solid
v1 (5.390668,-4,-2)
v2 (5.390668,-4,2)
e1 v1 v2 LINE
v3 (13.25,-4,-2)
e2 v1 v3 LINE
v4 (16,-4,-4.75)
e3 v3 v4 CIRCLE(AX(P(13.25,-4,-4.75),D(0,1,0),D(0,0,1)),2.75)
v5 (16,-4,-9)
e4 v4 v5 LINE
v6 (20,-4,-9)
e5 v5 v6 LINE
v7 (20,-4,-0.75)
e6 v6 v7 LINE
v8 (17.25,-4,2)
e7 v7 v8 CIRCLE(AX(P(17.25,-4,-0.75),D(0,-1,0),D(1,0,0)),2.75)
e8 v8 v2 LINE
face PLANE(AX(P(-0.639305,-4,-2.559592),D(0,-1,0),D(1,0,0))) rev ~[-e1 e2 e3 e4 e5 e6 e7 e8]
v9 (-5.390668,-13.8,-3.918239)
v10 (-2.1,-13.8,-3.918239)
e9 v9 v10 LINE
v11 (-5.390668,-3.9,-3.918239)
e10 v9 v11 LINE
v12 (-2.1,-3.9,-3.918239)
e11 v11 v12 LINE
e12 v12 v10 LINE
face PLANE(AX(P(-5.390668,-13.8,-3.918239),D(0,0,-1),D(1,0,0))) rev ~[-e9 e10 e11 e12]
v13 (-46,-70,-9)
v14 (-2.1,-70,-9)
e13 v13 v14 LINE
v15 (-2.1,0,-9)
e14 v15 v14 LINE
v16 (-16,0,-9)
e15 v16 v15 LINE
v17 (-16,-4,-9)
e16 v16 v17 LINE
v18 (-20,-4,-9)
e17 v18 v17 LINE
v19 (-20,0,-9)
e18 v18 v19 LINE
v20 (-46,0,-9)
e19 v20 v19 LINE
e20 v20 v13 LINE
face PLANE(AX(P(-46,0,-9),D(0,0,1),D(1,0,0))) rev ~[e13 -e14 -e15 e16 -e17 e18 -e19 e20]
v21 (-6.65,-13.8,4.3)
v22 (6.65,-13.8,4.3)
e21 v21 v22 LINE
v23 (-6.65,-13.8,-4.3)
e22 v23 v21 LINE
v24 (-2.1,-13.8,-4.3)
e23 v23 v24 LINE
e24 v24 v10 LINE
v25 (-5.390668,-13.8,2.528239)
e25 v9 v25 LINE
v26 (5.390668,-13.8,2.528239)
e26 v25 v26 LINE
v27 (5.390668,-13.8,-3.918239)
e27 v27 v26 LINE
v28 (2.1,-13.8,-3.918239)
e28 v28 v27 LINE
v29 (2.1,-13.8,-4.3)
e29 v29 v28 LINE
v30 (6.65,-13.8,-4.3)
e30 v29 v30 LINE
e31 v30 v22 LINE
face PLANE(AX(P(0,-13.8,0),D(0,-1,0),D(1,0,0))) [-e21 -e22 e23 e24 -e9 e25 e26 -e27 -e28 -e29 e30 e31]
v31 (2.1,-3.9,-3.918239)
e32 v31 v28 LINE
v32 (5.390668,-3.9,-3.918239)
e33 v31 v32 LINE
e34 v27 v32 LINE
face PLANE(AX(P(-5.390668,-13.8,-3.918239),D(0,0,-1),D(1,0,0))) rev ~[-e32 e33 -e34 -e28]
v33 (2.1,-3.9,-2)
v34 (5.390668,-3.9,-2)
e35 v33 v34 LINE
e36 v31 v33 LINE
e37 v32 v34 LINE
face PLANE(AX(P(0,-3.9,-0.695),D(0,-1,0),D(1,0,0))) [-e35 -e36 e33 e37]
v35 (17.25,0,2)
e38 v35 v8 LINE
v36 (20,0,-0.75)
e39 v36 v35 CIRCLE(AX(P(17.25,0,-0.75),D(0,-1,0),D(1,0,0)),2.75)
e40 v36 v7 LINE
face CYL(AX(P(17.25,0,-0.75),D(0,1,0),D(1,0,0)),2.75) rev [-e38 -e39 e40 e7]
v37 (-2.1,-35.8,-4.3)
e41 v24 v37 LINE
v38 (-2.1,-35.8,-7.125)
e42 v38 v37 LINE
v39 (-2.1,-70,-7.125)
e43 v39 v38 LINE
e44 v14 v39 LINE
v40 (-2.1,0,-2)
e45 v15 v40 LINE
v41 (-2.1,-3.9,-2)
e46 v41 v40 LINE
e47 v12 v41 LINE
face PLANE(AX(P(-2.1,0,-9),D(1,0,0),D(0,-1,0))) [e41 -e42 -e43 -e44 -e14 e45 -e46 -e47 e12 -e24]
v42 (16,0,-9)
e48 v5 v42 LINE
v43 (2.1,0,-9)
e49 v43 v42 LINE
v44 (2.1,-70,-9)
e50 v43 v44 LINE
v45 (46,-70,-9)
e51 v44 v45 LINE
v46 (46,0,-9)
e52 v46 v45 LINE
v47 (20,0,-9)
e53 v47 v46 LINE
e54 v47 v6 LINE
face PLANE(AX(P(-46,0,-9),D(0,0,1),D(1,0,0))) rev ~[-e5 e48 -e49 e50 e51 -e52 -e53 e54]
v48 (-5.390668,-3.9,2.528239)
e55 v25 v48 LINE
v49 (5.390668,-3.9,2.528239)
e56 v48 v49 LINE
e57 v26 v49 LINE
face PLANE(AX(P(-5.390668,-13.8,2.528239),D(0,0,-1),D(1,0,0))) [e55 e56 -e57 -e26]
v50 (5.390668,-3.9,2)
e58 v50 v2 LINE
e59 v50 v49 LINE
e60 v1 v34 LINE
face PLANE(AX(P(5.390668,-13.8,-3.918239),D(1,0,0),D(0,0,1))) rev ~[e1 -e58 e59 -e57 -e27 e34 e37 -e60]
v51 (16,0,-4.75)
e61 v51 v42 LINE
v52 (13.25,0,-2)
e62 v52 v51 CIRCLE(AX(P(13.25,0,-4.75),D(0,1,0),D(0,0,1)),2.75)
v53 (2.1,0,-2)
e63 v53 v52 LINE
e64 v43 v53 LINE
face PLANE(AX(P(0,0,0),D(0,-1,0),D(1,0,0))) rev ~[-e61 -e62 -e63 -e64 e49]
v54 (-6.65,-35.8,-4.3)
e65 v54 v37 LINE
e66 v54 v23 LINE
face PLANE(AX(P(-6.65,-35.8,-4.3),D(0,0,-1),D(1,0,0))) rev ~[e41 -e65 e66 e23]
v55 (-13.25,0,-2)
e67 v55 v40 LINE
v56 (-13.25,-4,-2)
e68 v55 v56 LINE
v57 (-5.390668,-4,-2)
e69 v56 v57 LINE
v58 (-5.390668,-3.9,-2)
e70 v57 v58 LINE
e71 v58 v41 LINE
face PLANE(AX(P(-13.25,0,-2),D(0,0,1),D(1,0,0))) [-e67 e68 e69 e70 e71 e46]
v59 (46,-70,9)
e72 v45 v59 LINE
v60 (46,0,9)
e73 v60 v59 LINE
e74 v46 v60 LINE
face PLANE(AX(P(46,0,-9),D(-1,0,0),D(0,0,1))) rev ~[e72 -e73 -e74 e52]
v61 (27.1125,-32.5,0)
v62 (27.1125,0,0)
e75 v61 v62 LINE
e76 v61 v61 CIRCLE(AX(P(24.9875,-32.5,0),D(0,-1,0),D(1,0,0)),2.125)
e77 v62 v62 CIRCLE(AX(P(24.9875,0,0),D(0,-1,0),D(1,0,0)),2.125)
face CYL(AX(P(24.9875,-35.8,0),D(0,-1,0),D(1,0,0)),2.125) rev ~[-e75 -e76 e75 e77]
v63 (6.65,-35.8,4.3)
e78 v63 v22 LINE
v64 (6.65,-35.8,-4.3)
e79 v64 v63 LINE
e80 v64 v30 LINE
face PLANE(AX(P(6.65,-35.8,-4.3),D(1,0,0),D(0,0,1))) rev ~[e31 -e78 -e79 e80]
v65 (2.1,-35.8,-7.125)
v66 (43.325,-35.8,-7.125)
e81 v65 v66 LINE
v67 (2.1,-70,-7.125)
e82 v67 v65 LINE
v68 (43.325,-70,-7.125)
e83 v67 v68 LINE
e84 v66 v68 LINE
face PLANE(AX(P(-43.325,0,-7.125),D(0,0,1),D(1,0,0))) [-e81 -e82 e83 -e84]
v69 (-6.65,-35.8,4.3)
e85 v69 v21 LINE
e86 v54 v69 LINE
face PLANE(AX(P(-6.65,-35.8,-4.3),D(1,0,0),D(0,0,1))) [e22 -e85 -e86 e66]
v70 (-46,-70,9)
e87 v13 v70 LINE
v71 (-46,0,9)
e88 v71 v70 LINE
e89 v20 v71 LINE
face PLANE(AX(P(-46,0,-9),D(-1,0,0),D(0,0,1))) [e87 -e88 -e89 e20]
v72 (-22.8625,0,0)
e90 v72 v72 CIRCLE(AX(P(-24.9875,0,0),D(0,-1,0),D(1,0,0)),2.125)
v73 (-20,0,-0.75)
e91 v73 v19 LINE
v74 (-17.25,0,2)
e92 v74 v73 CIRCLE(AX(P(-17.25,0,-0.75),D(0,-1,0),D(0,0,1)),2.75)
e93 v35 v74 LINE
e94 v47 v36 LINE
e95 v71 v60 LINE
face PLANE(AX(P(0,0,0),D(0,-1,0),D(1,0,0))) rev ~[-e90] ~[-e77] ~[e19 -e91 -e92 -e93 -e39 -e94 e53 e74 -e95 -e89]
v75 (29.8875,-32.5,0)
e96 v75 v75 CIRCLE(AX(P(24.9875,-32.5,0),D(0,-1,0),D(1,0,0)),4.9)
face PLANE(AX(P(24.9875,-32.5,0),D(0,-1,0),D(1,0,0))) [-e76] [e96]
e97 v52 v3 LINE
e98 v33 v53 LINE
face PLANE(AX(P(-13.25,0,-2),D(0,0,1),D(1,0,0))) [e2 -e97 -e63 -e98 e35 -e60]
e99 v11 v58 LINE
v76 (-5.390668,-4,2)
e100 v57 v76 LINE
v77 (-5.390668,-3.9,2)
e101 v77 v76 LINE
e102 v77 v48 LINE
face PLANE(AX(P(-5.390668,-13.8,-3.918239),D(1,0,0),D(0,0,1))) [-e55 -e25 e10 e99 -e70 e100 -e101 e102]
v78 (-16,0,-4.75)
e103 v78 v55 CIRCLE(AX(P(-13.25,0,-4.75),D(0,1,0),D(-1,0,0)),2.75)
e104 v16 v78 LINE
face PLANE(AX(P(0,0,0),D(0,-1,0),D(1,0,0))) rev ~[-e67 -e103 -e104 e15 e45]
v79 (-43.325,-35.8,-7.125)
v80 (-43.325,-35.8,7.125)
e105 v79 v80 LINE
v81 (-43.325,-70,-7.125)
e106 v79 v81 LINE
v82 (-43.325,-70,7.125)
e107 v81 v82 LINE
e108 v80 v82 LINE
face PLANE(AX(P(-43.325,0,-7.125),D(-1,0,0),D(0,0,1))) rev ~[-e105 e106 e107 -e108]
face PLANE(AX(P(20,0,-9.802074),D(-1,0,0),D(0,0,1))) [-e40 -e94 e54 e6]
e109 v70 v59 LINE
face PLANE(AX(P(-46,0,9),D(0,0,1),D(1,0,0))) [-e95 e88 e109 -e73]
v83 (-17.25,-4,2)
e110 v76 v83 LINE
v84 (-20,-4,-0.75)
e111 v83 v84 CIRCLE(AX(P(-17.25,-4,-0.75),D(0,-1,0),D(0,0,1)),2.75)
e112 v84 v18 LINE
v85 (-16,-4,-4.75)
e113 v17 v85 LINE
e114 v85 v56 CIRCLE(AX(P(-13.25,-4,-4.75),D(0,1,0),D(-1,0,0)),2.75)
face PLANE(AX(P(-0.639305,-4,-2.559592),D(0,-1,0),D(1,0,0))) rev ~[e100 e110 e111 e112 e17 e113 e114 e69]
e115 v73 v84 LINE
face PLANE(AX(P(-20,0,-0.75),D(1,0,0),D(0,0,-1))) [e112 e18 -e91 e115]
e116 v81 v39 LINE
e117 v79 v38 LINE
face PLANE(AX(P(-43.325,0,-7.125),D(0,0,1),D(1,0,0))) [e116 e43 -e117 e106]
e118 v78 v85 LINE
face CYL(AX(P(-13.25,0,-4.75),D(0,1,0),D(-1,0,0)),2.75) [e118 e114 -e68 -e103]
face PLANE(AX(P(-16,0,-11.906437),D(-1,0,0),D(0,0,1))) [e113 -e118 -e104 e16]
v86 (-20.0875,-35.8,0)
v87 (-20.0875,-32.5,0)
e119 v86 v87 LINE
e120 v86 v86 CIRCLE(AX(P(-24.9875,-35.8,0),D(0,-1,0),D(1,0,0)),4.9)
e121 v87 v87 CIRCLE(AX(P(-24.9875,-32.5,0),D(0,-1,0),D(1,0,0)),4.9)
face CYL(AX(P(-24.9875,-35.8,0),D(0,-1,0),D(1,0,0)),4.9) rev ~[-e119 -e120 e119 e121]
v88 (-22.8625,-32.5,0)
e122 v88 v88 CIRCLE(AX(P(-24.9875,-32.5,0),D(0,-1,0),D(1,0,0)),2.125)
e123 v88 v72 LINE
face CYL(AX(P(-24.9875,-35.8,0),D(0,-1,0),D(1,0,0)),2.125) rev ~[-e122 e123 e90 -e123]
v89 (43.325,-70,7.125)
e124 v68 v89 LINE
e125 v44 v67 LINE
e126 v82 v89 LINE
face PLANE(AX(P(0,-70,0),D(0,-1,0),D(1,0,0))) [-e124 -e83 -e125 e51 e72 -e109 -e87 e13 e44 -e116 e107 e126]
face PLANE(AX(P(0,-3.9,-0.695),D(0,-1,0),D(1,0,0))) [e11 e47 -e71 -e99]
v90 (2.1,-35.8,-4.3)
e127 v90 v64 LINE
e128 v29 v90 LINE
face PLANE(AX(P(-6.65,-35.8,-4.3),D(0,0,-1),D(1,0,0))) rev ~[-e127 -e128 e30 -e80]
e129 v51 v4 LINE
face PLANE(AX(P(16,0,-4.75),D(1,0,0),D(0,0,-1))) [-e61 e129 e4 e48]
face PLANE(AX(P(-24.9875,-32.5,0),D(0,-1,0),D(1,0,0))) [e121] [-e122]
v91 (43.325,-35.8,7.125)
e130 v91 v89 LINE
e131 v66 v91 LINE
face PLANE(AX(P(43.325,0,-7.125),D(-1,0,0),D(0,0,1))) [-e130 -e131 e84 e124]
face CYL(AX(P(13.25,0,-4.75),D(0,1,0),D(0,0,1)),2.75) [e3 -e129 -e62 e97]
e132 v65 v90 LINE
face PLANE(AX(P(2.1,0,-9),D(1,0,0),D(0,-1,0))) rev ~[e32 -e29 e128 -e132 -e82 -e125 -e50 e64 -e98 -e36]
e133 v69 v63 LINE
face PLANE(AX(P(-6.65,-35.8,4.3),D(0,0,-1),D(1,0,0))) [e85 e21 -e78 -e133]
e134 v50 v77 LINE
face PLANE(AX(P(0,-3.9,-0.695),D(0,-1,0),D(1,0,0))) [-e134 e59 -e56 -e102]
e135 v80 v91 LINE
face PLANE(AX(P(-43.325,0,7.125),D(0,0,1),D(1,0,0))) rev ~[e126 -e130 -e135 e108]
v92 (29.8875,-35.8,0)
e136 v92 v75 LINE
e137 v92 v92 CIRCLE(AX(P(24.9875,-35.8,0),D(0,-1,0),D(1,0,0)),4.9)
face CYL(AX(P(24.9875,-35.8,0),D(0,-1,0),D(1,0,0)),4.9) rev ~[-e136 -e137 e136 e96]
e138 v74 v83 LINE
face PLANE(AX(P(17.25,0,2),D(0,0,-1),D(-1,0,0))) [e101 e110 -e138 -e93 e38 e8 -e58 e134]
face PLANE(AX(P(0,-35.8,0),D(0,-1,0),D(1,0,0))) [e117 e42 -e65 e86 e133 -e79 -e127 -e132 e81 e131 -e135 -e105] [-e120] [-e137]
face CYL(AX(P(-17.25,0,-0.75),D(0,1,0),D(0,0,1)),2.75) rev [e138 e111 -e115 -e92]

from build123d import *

# Parameters (mm, degrees)
F0_W      = 92
F0_H      = 18
F0_W_2    = 86.65
F0_H_2    = 14.25
F1_DEPTH  = 70
F2_DEPTH  = 35.8
F4_W      = 13.3
F4_H      = 8.6
F5_DEPTH  = 22
F3_R      = 2
F6_DEPTH  = 8
F8_DEPTH  = 4
F9_W      = 10.7813365757
F9_H      = 6.4464779571
F9_R      = 3.2
F10_DEPTH = 9.9
F11_W     = 4.2
F11_H     = 70
F12_DEPTH = 8.9
F13_R     = 4.9
F13_R_2   = 2.125
F14_DEPTH = 3.3
F15_DEPTH = 44.7


with BuildPart() as f1:
    # F0 (on Front) → F1 (new body)
    with BuildSketch(Plane.XZ):
        Rectangle(F0_W, F0_H)
        Rectangle(F0_W_2, F0_H_2, mode=Mode.SUBTRACT)
    extrude(amount=F1_DEPTH)

    # F0 (on Front) → F2 (join)
    with BuildSketch(Plane.XZ):
        Rectangle(F0_W_2, F0_H_2)
    extrude(amount=F2_DEPTH)

    # F4 (on face) → F5 (cut)
    with BuildSketch(Plane.XZ.offset(35.8)):
        Rectangle(F4_W, F4_H)
    extrude(amount=-F5_DEPTH, mode=Mode.SUBTRACT)

    # F3 (on Front) → F6 (cut)
    with BuildSketch(Plane.XZ):
        Circle(F3_R)
    extrude(amount=F6_DEPTH, mode=Mode.SUBTRACT)

    # F7 (on Front) → F8 (cut)
    with BuildSketch(Plane.XZ):
        with BuildLine():
            ThreePointArc((-16, -4.75), (-15.1945436483, -2.8054563517), (-13.25, -2))
            Line((-13.25, -2), (13.25, -2))
            ThreePointArc((13.25, -2), (15.1945436483, -2.8054563517), (16, -4.75))
            Line((16, -4.75), (16, -9.8020741716))
            Line((16, -9.8020741716), (20, -9.8020741716))
            Line((20, -9.8020741716), (20, -2))
            Line((20, -2), (20, -0.75))
            ThreePointArc((20, -0.75), (19.1945436483, 1.1945436483), (17.25, 2))
            Line((17.25, 2), (16, 2))
            Line((16, 2), (-16, 2))
            Line((-16, 2), (-17.25, 2))
            ThreePointArc((-17.25, 2), (-19.1945436483, 1.1945436483), (-20, -0.75))
            Line((-20, -0.75), (-20, -2))
            Line((-20, -2), (-20, -11.9064366445))
            Line((-20, -11.9064366445), (-16, -11.9064366445))
            Line((-16, -11.9064366445), (-16, -4.75))
        make_face()
    extrude(amount=F8_DEPTH, mode=Mode.SUBTRACT)

    # F9 (on face) → F10 (cut)
    with BuildSketch(Plane.XZ.offset(13.8)):
        with Locations((0, -0.695)):
            Rectangle(F9_W, F9_H)
        with Locations((0, -0.695)):
            Circle(F9_R, mode=Mode.SUBTRACT)
        with Locations((0, -0.695)):
            Circle(F9_R)
    extrude(amount=-F10_DEPTH, mode=Mode.SUBTRACT)

    # F11 (on face) → F12 (cut)
    with BuildSketch(Plane(origin=(0, 0, -9), x_dir=(1, 0, 0), z_dir=(0, 0, -1))):
        with Locations((0, 35)):
            Rectangle(F11_W, F11_H)
    extrude(amount=-F12_DEPTH, mode=Mode.SUBTRACT)

    # F13 (on face) → F14 (cut)
    with BuildSketch(Plane.XZ.offset(35.8)):
        with Locations((24.9875, 0)):
            Circle(F13_R)
        with Locations((24.9875, 0)):
            Circle(F13_R_2, mode=Mode.SUBTRACT)
        with Locations((-24.9875, 0)):
            Circle(F13_R)
        with Locations((-24.9875, 0)):
            Circle(F13_R_2, mode=Mode.SUBTRACT)
        with Locations((-24.9875, 0)):
            Circle(F13_R_2)
        with Locations((24.9875, 0)):
            Circle(F13_R_2)
    extrude(amount=-F14_DEPTH, mode=Mode.SUBTRACT)

    # F13 (on face) → F15 (cut)
    with BuildSketch(Plane.XZ.offset(35.8)):
        with Locations((-24.9875, 0)):
            Circle(F13_R_2)
        with Locations((24.9875, 0)):
            Circle(F13_R_2)
    extrude(amount=-F15_DEPTH, mode=Mode.SUBTRACT)


solid = f1.part
